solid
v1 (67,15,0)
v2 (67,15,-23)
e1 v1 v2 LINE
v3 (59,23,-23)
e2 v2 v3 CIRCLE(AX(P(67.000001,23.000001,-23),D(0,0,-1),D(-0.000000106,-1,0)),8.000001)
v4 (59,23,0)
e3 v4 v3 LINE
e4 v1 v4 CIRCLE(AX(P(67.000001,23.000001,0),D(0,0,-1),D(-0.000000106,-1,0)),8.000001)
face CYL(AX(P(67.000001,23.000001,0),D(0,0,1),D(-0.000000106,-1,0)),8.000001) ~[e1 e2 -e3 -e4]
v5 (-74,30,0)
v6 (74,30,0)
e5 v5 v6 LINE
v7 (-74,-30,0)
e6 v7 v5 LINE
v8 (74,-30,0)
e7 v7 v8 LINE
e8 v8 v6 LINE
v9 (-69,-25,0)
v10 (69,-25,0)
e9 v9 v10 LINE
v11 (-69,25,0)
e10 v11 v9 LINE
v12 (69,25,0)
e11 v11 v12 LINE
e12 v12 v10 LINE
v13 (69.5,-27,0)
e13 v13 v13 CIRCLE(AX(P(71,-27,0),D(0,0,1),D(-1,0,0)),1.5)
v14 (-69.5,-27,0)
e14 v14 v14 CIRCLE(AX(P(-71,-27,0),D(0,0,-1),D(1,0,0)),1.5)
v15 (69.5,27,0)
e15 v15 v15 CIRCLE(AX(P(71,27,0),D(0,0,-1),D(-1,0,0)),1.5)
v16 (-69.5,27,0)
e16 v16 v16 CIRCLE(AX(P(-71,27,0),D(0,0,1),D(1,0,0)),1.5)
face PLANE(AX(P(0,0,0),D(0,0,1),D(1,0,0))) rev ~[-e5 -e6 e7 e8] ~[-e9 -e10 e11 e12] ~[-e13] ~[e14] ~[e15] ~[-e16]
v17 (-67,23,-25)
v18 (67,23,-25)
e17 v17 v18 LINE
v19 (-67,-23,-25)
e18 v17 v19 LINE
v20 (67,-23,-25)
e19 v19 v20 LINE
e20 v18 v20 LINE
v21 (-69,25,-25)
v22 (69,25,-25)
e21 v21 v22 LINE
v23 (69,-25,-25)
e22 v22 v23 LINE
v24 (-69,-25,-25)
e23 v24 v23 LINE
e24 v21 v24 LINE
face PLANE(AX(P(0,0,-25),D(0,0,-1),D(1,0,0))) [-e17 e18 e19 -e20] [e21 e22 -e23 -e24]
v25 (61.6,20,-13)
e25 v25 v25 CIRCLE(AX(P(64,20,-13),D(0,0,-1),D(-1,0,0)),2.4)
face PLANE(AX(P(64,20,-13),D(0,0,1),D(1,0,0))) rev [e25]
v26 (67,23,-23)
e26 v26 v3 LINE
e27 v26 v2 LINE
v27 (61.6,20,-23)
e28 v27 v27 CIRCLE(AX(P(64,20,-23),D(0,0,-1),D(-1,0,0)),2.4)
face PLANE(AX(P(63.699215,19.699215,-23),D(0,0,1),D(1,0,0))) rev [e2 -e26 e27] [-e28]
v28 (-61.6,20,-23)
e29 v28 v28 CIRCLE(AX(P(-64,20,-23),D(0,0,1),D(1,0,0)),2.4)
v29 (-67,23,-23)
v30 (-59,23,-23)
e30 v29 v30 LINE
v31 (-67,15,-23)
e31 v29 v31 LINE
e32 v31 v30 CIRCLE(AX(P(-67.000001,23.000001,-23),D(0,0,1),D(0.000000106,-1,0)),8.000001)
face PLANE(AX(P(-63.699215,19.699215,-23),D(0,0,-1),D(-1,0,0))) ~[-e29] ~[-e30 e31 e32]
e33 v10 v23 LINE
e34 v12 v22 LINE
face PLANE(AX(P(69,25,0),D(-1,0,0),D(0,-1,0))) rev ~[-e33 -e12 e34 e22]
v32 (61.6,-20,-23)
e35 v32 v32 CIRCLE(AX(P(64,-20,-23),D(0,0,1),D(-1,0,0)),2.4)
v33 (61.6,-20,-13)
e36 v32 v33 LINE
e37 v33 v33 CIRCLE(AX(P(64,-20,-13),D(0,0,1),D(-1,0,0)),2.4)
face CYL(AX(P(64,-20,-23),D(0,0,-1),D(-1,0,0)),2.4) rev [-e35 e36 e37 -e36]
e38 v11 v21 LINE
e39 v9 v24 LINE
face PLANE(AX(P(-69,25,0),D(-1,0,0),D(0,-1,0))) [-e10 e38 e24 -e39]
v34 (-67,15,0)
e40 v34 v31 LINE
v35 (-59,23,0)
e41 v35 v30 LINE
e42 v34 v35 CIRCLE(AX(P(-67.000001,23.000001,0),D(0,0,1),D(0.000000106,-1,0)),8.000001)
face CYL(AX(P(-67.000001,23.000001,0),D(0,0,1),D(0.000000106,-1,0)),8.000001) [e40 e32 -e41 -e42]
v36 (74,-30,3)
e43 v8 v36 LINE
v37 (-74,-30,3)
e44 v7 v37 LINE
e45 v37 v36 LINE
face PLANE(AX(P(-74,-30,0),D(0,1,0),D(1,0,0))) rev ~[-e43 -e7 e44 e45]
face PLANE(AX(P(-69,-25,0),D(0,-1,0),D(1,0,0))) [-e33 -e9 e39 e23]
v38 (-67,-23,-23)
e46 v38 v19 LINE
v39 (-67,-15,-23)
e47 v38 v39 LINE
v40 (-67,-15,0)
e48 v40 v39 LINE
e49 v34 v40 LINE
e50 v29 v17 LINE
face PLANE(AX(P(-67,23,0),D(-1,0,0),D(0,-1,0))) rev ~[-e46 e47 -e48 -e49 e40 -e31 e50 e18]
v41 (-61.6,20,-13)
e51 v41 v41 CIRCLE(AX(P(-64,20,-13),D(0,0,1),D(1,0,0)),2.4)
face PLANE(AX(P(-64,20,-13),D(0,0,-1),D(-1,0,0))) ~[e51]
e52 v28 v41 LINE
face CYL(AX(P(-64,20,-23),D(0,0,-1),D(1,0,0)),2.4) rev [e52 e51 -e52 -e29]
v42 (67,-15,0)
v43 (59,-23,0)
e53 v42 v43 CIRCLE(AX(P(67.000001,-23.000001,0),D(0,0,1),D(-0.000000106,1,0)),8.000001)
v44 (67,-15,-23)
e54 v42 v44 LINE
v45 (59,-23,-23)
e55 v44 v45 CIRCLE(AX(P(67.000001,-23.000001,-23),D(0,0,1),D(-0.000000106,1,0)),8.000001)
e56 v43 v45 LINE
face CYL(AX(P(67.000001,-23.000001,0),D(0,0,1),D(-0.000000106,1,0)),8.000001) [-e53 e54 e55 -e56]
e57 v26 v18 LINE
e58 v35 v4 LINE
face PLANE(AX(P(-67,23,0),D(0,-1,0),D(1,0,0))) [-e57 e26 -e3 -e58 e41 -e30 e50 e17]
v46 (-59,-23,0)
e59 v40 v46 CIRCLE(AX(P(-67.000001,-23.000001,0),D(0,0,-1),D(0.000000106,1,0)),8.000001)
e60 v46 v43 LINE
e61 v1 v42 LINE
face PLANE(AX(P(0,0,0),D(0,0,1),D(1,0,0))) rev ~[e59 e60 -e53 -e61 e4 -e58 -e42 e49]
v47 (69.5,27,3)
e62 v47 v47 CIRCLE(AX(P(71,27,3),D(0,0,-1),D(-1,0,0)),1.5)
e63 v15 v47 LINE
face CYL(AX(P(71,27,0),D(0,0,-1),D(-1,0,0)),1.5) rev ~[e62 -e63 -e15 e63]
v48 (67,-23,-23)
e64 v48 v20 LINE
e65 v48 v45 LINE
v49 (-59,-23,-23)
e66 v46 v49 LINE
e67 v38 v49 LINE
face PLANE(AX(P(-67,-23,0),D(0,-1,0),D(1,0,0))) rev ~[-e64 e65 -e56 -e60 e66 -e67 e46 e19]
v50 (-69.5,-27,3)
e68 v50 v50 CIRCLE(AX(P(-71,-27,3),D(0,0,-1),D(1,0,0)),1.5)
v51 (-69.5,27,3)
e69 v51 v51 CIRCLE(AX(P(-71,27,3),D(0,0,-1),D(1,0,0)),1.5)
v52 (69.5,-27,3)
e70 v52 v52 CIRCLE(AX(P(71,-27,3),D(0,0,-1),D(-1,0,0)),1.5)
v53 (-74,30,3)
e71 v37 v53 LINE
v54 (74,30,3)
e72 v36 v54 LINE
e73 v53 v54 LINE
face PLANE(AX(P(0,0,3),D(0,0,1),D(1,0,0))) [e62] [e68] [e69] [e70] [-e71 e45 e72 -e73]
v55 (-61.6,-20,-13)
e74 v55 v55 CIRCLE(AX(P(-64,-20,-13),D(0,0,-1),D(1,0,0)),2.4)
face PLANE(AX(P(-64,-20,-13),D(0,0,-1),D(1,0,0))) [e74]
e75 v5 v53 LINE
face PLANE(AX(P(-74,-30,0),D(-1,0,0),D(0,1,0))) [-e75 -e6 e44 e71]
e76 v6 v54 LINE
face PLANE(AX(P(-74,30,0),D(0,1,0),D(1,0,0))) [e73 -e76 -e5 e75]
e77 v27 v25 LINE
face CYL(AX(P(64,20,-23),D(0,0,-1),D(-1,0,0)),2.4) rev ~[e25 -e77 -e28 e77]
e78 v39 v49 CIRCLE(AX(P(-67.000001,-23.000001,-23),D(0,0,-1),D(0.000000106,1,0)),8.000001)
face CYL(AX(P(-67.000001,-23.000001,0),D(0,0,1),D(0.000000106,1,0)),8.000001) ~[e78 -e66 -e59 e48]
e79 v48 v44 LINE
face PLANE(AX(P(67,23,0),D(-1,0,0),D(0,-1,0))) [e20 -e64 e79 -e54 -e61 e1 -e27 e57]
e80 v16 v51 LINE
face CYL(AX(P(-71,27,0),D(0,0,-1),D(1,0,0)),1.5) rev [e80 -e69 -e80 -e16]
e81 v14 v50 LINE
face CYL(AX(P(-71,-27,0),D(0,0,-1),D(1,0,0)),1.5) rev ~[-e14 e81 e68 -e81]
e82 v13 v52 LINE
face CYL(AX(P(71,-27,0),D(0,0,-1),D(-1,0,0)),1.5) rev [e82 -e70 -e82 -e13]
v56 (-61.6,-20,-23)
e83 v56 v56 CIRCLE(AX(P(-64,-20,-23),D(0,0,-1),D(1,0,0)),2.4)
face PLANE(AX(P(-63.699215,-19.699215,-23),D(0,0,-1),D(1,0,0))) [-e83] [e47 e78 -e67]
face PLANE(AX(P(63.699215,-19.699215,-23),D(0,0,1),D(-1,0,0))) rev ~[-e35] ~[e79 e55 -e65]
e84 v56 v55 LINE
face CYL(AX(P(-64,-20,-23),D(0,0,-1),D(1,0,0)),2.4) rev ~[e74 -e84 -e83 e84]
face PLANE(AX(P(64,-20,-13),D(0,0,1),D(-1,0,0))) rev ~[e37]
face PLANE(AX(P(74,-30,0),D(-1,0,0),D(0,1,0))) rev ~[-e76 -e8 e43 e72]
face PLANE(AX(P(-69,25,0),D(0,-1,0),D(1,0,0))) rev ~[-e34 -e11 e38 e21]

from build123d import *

# Parameters (mm, degrees)
SKETCH_W                   = 148
SKETCH_H                   = 60
PAD_DEPTH                  = 3
SKETCH002_W                = 138
SKETCH002_H                = 50
SKETCH002_W_2              = 134
SKETCH002_H_2              = 46
PAD001_DEPTH               = 25
SKETCH003_R                = 1.5
POCKET_DEPTH               = 327.272491
PAD002_DEPTH               = 23
SKETCH005_R                = 2.4
POCKET001_DEPTH            = 10
SKETCH003_MIRRORED_2_R     = 1.5
POCKET_MIRRORED_2_DEPTH    = 327.272491
PAD002_MIRRORED_2_DEPTH    = 23
SKETCH005_MIRRORED_2_R     = 2.4
POCKET001_MIRRORED_2_DEPTH = 10


with BuildPart() as part:
    # Sketch → Pad (new body)
    with BuildSketch(Plane.XY):
        Rectangle(SKETCH_W, SKETCH_H)
    extrude(amount=PAD_DEPTH)

    # Sketch002 (on Face5 of Pad) → Pad001 (join)
    with BuildSketch(Plane(origin=(0, 0, 0), x_dir=(1, 0, 0), z_dir=(0, 0, -1))):
        Rectangle(SKETCH002_W, SKETCH002_H)
        Rectangle(SKETCH002_W_2, SKETCH002_H_2, mode=Mode.SUBTRACT)
    extrude(amount=PAD001_DEPTH)

    # Sketch003 (on Face4 of Pad001) → Pocket (cut, through all)
    with BuildSketch(Plane(origin=(0, 0, 0), x_dir=(1, 0, 0), z_dir=(0, 0, -1))):
        with Locations((-71, 27)):
            Circle(SKETCH003_R)
    pocket = extrude(amount=-POCKET_DEPTH, mode=Mode.SUBTRACT)

    # Sketch004 (on Face17 of Pocket) → Pad002 (join)
    with BuildSketch(Plane(origin=(0, 0, 0), x_dir=(1, 0, 0), z_dir=(0, 0, -1))):
        with BuildLine():
            ThreePointArc((-67, 15), (-61.343146, 17.343146), (-59, 23))
            Line((-67, 23), (-59, 23))
            Line((-67, 23), (-67, 15))
        make_face()
    pad002 = extrude(amount=PAD002_DEPTH)

    # Sketch005 (on Face17 of Pad002) → Pocket001 (cut)
    with BuildSketch(Plane(origin=(0, 0, -23), x_dir=(1, 0, 0), z_dir=(0, 0, -1))):
        with Locations((-64, 20)):
            Circle(SKETCH005_R)
    pocket001 = extrude(amount=-POCKET001_DEPTH, mode=Mode.SUBTRACT)

    # Sketch003 Mirrored 2 → Pocket Mirrored 2 (cut, through all)
    with BuildSketch(Plane(origin=(0, 0, 0), x_dir=(-1, 0, 0), z_dir=(0, 0, 1))):
        with Locations((-71, 27)):
            Circle(SKETCH003_MIRRORED_2_R)
    pocket_mirrored_2 = extrude(amount=POCKET_MIRRORED_2_DEPTH, mode=Mode.SUBTRACT)

    # Sketch004 Mirrored 2 → Pad002 Mirrored 2 (add)
    with BuildSketch(Plane(origin=(0, 0, 0), x_dir=(-1, 0, 0), z_dir=(0, 0, 1))):
        with BuildLine():
            ThreePointArc((-67, 15), (-61.343146, 17.343146), (-59, 23))
            Line((-67, 23), (-59, 23))
            Line((-67, 23), (-67, 15))
        make_face()
    pad002_mirrored_2 = extrude(amount=-PAD002_MIRRORED_2_DEPTH)

    # Sketch005 Mirrored 2 → Pocket001 Mirrored 2 (cut)
    with BuildSketch(Plane(origin=(0, 0, -23), x_dir=(-1, 0, 0), z_dir=(0, 0, 1))):
        with Locations((-64, 20)):
            Circle(SKETCH005_MIRRORED_2_R)
    pocket001_mirrored_2 = extrude(amount=POCKET001_MIRRORED_2_DEPTH, mode=Mode.SUBTRACT)

    # Mirrored001: Pocket, Pad002, Pocket001, Pocket Mirrored 2, Pad002 Mirrored 2, Pocket001 Mirrored 2 across Sketch003 H_Axis
    add(pocket.mirror(Plane(origin=(0, 0, 0), x_dir=(0, 0, -1), z_dir=(0, -1, 0))), mode=Mode.SUBTRACT)
    add(pad002.mirror(Plane(origin=(0, 0, 0), x_dir=(0, 0, -1), z_dir=(0, -1, 0))))
    add(pocket001.mirror(Plane(origin=(0, 0, 0), x_dir=(0, 0, -1), z_dir=(0, -1, 0))), mode=Mode.SUBTRACT)
    add(pocket_mirrored_2.mirror(Plane(origin=(0, 0, 0), x_dir=(0, 0, -1), z_dir=(0, -1, 0))), mode=Mode.SUBTRACT)
    add(pad002_mirrored_2.mirror(Plane(origin=(0, 0, 0), x_dir=(0, 0, -1), z_dir=(0, -1, 0))))
    add(pocket001_mirrored_2.mirror(Plane(origin=(0, 0, 0), x_dir=(0, 0, -1), z_dir=(0, -1, 0))), mode=Mode.SUBTRACT)


solid = part.part
